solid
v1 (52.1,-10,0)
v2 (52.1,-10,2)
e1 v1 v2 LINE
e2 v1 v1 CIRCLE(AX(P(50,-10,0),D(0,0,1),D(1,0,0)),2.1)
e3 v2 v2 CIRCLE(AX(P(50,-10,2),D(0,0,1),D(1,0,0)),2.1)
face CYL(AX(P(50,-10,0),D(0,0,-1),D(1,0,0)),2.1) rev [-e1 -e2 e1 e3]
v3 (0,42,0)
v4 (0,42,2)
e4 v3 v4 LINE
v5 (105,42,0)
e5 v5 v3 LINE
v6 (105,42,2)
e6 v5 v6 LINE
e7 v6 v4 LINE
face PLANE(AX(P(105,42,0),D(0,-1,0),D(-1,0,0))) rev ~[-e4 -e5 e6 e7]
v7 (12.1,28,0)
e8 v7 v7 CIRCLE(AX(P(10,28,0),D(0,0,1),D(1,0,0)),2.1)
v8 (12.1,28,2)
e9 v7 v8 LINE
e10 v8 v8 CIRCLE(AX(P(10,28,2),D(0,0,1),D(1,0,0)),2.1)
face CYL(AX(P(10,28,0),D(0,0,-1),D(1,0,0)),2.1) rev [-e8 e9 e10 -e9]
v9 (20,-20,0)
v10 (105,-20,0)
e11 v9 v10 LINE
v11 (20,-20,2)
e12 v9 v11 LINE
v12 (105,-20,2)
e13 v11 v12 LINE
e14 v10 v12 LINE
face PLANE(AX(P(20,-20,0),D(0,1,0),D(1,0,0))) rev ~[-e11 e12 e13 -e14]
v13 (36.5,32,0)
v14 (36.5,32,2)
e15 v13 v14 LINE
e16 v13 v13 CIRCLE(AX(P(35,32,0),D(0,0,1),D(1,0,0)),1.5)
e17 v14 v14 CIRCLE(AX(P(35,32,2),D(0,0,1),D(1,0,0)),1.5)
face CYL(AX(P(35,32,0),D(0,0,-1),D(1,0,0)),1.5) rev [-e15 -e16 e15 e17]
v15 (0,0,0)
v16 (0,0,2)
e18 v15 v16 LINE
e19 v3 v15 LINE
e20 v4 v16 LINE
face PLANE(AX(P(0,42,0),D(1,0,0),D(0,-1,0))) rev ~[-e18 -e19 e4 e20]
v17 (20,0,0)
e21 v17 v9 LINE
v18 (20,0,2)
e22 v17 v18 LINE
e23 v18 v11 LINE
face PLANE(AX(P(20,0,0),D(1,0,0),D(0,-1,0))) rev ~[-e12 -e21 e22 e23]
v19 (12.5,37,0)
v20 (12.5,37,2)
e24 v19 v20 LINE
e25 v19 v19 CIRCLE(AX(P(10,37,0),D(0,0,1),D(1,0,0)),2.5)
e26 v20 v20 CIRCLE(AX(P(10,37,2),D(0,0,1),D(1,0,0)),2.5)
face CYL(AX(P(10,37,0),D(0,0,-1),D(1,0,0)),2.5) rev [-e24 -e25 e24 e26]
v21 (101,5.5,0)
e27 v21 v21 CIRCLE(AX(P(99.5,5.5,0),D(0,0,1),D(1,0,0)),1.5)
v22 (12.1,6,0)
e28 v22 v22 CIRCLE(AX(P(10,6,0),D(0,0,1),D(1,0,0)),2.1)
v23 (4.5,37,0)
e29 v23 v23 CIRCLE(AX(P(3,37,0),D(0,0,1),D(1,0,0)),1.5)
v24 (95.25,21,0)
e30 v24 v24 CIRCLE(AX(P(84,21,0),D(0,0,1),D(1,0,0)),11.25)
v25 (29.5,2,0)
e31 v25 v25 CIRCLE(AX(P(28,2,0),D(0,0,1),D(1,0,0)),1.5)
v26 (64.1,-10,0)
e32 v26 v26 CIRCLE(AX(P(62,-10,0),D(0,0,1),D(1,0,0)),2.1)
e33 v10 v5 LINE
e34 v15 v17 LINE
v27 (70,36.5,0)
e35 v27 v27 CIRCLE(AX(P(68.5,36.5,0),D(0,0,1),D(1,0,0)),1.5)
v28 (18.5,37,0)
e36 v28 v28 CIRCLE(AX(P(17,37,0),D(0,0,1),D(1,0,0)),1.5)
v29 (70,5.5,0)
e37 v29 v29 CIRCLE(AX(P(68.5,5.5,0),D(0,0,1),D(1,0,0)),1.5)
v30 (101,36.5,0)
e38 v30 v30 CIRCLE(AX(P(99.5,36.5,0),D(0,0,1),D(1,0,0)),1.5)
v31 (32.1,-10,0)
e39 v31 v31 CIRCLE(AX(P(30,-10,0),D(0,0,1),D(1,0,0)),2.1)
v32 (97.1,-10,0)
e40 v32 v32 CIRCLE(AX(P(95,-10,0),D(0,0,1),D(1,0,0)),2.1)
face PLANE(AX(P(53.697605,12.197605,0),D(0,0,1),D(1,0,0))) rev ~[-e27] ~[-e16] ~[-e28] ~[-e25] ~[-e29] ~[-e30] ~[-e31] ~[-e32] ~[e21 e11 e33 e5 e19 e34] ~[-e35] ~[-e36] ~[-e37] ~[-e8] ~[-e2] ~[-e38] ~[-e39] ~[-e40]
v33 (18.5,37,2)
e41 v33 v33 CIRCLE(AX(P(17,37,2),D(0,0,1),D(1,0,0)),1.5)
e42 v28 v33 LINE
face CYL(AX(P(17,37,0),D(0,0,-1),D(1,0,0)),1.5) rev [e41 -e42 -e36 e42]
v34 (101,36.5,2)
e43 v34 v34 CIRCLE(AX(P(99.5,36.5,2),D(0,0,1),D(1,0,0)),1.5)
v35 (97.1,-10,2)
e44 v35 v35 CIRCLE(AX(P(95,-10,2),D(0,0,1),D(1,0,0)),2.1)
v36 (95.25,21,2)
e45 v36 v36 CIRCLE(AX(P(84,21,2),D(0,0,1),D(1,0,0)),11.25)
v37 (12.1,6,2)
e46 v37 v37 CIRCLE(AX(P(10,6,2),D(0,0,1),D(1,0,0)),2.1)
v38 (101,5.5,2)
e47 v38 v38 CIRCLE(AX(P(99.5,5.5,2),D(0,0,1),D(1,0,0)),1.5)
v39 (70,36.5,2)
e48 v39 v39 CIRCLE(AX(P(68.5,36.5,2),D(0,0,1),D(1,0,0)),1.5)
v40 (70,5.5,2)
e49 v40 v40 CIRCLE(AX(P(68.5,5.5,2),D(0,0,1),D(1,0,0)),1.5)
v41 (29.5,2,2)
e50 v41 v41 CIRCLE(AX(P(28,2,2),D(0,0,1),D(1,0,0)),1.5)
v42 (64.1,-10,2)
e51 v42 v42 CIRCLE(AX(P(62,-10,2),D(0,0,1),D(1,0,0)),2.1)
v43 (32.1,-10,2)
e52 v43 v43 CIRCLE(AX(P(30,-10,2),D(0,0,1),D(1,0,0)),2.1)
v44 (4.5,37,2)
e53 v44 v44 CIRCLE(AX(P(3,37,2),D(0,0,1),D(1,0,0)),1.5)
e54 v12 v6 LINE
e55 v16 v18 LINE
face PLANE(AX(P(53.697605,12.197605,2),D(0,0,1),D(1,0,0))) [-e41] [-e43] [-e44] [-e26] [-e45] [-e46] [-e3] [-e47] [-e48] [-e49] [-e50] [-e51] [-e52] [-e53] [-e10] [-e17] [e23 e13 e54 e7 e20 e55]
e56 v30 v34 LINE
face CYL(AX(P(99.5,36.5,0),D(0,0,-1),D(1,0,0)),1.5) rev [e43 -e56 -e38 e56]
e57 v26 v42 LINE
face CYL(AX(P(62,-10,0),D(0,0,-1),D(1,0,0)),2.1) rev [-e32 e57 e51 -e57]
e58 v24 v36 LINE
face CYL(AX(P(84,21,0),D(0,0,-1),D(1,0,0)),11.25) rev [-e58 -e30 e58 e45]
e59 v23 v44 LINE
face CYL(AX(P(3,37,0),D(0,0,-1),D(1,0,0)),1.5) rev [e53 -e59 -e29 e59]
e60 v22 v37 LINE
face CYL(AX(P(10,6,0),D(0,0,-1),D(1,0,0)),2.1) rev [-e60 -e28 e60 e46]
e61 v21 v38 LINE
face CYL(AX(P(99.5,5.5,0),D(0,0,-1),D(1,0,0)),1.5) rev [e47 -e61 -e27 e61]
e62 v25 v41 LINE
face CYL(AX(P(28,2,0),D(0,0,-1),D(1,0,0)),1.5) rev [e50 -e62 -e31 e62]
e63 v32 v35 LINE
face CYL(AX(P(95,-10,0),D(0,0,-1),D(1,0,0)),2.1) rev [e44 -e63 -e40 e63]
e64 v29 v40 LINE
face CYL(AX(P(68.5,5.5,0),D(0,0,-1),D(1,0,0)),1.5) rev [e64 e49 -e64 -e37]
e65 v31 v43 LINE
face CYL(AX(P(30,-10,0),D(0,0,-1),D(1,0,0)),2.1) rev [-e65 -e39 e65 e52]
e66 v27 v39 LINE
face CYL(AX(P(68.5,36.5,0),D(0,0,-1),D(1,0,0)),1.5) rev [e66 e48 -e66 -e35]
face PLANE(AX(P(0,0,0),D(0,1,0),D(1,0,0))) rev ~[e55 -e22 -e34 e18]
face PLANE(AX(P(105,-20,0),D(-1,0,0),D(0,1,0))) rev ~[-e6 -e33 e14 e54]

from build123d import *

# Parameters (mm, degrees)
SKETCH1_R           = 1.5
SKETCH1_R_2         = 11.25
SKETCH1_R_3         = 2.1
SKETCH1_R_4         = 2.5
BOSS_EXTRUDE1_DEPTH = 2


with BuildPart() as part:
    # Sketch1 → Boss-Extrude1 (new body)
    with BuildSketch(Plane.XY):
        Polygon((0, 0), (20, 0), (20, -20), (105, -20), (105, 42), (0, 42), align=None)
        with Locations((3, 37)):
            Circle(SKETCH1_R, mode=Mode.SUBTRACT)
        with Locations((17, 37)):
            Circle(SKETCH1_R, mode=Mode.SUBTRACT)
        with Locations((84, 21)):
            Circle(SKETCH1_R_2, mode=Mode.SUBTRACT)
        with Locations((99.5, 36.5)):
            Circle(SKETCH1_R, mode=Mode.SUBTRACT)
        with Locations((68.5, 36.5)):
            Circle(SKETCH1_R, mode=Mode.SUBTRACT)
        with Locations((68.5, 5.5)):
            Circle(SKETCH1_R, mode=Mode.SUBTRACT)
        with Locations((99.5, 5.5)):
            Circle(SKETCH1_R, mode=Mode.SUBTRACT)
        with Locations((35, 32)):
            Circle(SKETCH1_R, mode=Mode.SUBTRACT)
        with Locations((28, 2)):
            Circle(SKETCH1_R, mode=Mode.SUBTRACT)
        with Locations((10, 28)):
            Circle(SKETCH1_R_3, mode=Mode.SUBTRACT)
        with Locations((10, 6)):
            Circle(SKETCH1_R_3, mode=Mode.SUBTRACT)
        with Locations((30, -10)):
            Circle(SKETCH1_R_3, mode=Mode.SUBTRACT)
        with Locations((95, -10)):
            Circle(SKETCH1_R_3, mode=Mode.SUBTRACT)
        with Locations((10, 37)):
            Circle(SKETCH1_R_4, mode=Mode.SUBTRACT)
        with Locations((50, -10)):
            Circle(SKETCH1_R_3, mode=Mode.SUBTRACT)
        with Locations((62, -10)):
            Circle(SKETCH1_R_3, mode=Mode.SUBTRACT)
    extrude(amount=BOSS_EXTRUDE1_DEPTH)


solid = part.part
